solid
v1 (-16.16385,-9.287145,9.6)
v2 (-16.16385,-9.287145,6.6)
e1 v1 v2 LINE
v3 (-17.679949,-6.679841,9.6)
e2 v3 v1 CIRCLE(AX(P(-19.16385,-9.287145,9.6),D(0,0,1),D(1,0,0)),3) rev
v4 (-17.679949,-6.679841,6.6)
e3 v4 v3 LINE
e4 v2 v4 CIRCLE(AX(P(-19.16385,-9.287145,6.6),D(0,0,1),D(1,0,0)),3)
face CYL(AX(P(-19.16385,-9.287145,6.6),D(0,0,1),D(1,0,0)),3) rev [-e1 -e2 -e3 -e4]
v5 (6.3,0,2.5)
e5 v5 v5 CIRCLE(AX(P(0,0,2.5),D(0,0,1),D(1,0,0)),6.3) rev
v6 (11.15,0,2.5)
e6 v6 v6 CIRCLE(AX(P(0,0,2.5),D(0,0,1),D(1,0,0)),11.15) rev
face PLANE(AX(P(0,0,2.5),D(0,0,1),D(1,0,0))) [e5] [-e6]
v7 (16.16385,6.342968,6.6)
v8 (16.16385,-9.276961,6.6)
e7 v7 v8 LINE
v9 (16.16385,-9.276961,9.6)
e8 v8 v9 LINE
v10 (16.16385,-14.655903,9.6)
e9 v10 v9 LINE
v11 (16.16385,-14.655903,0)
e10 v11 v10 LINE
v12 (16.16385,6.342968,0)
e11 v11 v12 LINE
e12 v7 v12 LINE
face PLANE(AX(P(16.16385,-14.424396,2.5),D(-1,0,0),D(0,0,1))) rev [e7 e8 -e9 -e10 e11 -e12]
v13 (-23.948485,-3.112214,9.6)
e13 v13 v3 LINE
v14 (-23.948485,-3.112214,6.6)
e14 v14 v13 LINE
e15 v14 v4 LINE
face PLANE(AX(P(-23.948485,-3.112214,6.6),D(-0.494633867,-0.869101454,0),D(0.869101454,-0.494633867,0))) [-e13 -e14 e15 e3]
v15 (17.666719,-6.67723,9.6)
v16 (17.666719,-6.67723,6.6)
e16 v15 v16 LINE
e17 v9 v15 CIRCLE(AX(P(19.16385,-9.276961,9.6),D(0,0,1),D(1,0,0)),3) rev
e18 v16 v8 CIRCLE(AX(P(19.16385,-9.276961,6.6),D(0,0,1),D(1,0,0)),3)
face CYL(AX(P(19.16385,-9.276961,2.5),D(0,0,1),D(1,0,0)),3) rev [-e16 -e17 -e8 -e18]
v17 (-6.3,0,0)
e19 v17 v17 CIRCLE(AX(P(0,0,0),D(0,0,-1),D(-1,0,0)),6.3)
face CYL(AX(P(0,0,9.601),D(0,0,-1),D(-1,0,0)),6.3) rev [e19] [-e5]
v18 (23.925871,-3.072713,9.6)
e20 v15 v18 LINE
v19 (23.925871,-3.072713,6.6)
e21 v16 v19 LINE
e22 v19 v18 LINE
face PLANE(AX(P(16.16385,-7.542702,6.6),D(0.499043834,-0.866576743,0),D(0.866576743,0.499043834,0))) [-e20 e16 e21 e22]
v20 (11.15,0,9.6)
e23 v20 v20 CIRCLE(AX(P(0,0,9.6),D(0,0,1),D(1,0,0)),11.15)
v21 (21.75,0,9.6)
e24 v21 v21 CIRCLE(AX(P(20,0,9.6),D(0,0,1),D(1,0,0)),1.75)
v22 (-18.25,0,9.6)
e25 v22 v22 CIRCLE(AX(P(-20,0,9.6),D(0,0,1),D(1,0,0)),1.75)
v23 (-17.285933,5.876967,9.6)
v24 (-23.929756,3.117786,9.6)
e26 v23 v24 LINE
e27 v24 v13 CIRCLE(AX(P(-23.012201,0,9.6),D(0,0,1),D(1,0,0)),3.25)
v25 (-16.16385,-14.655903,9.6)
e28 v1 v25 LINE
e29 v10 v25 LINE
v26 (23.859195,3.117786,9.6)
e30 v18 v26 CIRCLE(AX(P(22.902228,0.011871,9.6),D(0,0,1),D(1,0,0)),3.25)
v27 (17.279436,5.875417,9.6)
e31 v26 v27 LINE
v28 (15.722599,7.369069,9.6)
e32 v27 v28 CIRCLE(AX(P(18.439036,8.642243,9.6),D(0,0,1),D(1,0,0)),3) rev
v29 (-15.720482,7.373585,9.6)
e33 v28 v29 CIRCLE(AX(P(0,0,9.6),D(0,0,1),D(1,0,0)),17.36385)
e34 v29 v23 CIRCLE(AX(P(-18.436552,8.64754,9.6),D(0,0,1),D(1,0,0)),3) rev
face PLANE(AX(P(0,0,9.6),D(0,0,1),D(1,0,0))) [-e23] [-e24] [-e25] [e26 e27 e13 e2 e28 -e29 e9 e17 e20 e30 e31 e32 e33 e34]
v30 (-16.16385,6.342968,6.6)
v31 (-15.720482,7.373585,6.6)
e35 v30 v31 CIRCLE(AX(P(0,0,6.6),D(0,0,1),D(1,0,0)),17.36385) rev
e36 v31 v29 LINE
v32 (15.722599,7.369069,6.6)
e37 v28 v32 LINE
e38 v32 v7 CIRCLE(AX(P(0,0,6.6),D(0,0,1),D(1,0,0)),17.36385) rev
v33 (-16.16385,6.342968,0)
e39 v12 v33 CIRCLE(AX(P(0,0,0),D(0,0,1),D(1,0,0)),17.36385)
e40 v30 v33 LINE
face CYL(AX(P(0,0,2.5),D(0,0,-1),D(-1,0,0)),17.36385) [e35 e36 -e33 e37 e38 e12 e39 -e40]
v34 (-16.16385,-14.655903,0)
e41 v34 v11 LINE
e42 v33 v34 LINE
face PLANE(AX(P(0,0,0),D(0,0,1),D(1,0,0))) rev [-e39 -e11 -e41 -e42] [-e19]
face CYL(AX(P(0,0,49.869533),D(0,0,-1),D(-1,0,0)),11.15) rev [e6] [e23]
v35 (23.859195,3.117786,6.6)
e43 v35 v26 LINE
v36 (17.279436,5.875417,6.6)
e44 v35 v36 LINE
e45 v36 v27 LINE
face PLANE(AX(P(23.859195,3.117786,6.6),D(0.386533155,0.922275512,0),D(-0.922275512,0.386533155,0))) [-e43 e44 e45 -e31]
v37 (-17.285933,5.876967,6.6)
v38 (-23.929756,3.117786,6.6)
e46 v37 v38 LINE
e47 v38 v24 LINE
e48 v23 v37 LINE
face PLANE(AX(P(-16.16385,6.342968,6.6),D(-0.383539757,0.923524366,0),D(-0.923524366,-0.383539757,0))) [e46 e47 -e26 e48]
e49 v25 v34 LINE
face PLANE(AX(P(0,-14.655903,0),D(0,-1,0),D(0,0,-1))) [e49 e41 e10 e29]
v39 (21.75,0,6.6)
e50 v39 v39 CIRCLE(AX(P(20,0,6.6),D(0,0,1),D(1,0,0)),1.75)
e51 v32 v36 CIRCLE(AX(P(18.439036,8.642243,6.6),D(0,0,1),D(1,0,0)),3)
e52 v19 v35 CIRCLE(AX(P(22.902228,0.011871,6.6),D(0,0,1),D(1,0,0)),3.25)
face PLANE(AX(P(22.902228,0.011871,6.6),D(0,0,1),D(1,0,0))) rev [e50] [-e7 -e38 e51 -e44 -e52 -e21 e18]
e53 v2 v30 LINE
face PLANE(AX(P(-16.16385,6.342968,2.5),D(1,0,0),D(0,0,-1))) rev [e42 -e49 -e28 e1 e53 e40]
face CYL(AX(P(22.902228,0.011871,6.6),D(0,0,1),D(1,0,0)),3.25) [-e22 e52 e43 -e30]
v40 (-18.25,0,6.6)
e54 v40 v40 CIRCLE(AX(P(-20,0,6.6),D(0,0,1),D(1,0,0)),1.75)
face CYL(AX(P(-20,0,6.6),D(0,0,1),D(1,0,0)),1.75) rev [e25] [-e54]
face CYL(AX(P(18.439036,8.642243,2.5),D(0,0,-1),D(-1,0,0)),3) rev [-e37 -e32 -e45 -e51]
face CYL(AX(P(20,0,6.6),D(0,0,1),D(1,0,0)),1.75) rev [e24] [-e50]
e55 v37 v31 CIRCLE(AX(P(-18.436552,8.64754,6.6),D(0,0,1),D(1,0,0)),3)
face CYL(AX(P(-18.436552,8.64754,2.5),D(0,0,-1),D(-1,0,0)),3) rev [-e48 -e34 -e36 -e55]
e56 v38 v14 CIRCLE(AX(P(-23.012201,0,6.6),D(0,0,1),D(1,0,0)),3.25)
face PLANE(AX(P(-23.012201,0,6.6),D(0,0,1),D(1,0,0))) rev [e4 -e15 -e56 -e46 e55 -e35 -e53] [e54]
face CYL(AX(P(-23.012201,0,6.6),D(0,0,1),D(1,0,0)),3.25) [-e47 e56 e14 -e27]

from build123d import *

# Parameters (mm, degrees)
BOSS_EXTRUDE1_DEPTH = 2.5
BOSS_EXTRUDE2_DEPTH = 7.1
SKETCH6_R           = 1.7500000000000002
BOSS_EXTRUDE3_DEPTH = 3
FILLET1_R           = 3
CUT_EXTRUDE2_REACH  = 36.039
SKETCH7_R           = 6.300000000000017
CUT_EXTRUDE5_DEPTH  = 35.03920514623224
SKETCH9_R           = 11.15
BOSS_EXTRUDE4_DEPTH = 7.1
SKETCH10_W          = 32.327700987119805
SKETCH10_H          = 9.6
BOSS_EXTRUDE5_DEPTH = 2


with BuildPart() as part:
    # Sketch2 → Boss-Extrude1 (new body)
    with BuildSketch(Plane.XY):
        with BuildLine():
            Line((-16.1638504935599, 6.342967853027763), (-16.1638504935599, -14.391495343403756))
            Line((-16.1638504935599, -14.391495343403756), (-14.353897968517204, -14.640433541189916))
            Line((-14.353897968517204, -14.640433541189916), (-10.527602773342224, -17.52375378240297))
            Line((-10.527602773342224, -17.52375378240297), (-10.527602773341918, -19.404011272479938))
            Line((-10.527602773341918, -19.404011272479938), (-5.00712834909531, -19.40401127247995))
            Line((-5.00712834909531, -19.40401127247995), (-5.00712834909531, -17.50759675782326))
            Line((-5.00712834909531, -17.50759675782326), (5.000000000000001, -17.50759675782326))
            Line((5.000000000000001, -17.50759675782326), (5.000000000000002, -19.411447251383162))
            Line((5.000000000000002, -19.411447251383162), (10.46723706743368, -19.411447251383162))
            Line((10.46723706743368, -19.411447251383162), (10.46723706743368, -17.567178369014574))
            Line((10.46723706743368, -17.567178369014574), (14.33922382003656, -14.649427069646295))
            Line((14.33922382003656, -14.649427069646295), (16.163850493559902, -14.424396196711085))
            Line((16.163850493559902, -14.424396196711085), (16.163850493559902, 6.3429678530277736))
            ThreePointArc((16.163850493559902, 6.3429678530277736), (11.492625638566038, 13.016253681243118), (4.292170886786073, 16.82499845590859))
            ThreePointArc((4.292170886786073, 16.82499845590859), (-5.6e-16, 17.363850493559898), (-4.292170886786075, 16.824998455908585))
            ThreePointArc((-4.292170886786075, 16.824998455908585), (-11.492625638566041, 13.016253681243107), (-16.1638504935599, 6.342967853027763))
        make_face()
    extrude(amount=BOSS_EXTRUDE1_DEPTH)

    # Sketch3 → Boss-Extrude2 (add)
    with BuildSketch(Plane.XY.offset(2.5)):
        with BuildLine():
            Line((-16.163850493559902, 6.342967853027761), (-16.1638504935599, -14.391495343403756))
            Line((-16.1638504935599, -14.391495343403756), (-14.353897968517204, -14.640433541189916))
            Line((-14.353897968517204, -14.640433541189916), (-10.527602773342224, -17.52375378240297))
            Line((-10.527602773342224, -17.52375378240297), (-10.527602773341918, -19.404011272479938))
            Line((-10.527602773341918, -19.404011272479938), (-5.00712834909531, -19.40401127247995))
            Line((-5.00712834909531, -19.40401127247995), (-5.00712834909531, -17.50759675782326))
            Line((-5.00712834909531, -17.50759675782326), (5.000000000000001, -17.50759675782326))
            Line((5.000000000000001, -17.50759675782326), (5.000000000000002, -19.411447251383162))
            Line((5.000000000000002, -19.411447251383162), (10.46723706743368, -19.411447251383162))
            Line((10.46723706743368, -19.411447251383162), (10.46723706743368, -17.567178369014574))
            Line((10.46723706743368, -17.567178369014574), (14.33922382003656, -14.649427069646295))
            Line((14.33922382003656, -14.649427069646295), (16.163850493559902, -14.424396196711085))
            Line((16.163850493559902, -14.424396196711085), (16.1638504935599, 6.342967853027773))
            ThreePointArc((16.1638504935599, 6.342967853027773), (-6.65e-15, 17.363850493559898), (-16.163850493559902, 6.342967853027761))
        make_face()
        with BuildLine():
            Line((-14.363850493559898, 5.992765737499147), (-14.363850493559898, -12.822119287624734))
            Line((-14.363850493559898, -12.822119287624734), (-13.644664568054253, -12.921035057895738))
            Line((-13.644664568054253, -12.921035057895738), (-8.72760277334237, -16.626306887906704))
            Line((-8.72760277334237, -16.626306887906704), (-8.72760277334221, -17.60401127247994))
            Line((-8.72760277334221, -17.60401127247994), (-6.80712834909531, -17.604011272479944))
            Line((-6.80712834909531, -17.604011272479944), (-6.80712834909531, -15.707596757823262))
            Line((-6.80712834909531, -15.707596757823262), (6.800000000000001, -15.707596757823262))
            Line((6.800000000000001, -15.707596757823262), (6.800000000000002, -17.611447251383158))
            Line((6.800000000000002, -17.611447251383158), (8.667237067433682, -17.611447251383158))
            Line((8.667237067433682, -17.611447251383158), (8.667237067433682, -16.6697314745184))
            Line((8.667237067433682, -16.6697314745184), (13.640731753403138, -12.921934410741372))
            Line((13.640731753403138, -12.921934410741372), (14.3638504935599, -12.832752309167102))
            Line((14.3638504935599, -12.832752309167102), (14.3638504935599, 5.99276573749915))
            ThreePointArc((14.3638504935599, 5.99276573749915), (10.460467666070398, 11.524411411997598), (4.577751284666915, 14.875403704155904))
            ThreePointArc((4.577751284666915, 14.875403704155904), (-2.56e-15, 15.563850493559903), (-4.577751284666914, 14.8754037041559))
            ThreePointArc((-4.577751284666914, 14.8754037041559), (-10.460467666070397, 11.524411411997596), (-14.363850493559898, 5.992765737499147))
        make_face(mode=Mode.SUBTRACT)
    extrude(amount=BOSS_EXTRUDE2_DEPTH)

    # Sketch6 → Boss-Extrude3 (add)
    # profile 1 of 2: a face of its own
    with BuildSketch(Plane.XY.offset(9.6)):
        with BuildLine():
            Line((-16.163850493559902, -7.542701658313458), (-16.163850493559902, 6.342967853027761))
            Line((-16.163850493559902, 6.342967853027761), (-23.929756214170595, 3.117786469903069))
            ThreePointArc((-23.929756214170595, 3.117786469903069), (-26.262186338368657, 0.00976998259598626), (-23.948484603893608, -3.1122135300969274))
            Line((-23.948484603893608, -3.1122135300969274), (-16.163850493559902, -7.542701658313458))
        make_face()
        with Locations((-20, 0)):
            Circle(SKETCH6_R, mode=Mode.SUBTRACT)
    # profile 2 of 2: a face of its own
    with BuildSketch(Plane.XY.offset(9.6)):
        with BuildLine():
            Line((16.163850493559902, -7.542701658313497), (16.163850493559902, 6.3429678530277736))
            Line((16.163850493559902, 6.3429678530277736), (23.859195056542305, 3.1177864699030087))
            ThreePointArc((23.859195056542305, 3.1177864699030087), (26.152039317100943, 0.04687299892404297), (23.92587050194897, -3.072712992175038))
            Line((23.92587050194897, -3.072712992175038), (16.163850493559902, -7.542701658313497))
        make_face()
        with Locations((20, 0)):
            Circle(SKETCH6_R, mode=Mode.SUBTRACT)
    extrude(amount=-BOSS_EXTRUDE3_DEPTH)

    # Fillet1
    fillet1_edges = [part.edges().sort_by_distance(p)[0] for p in [
        (16.163850493559902, -7.542701658313497, 8.1),
        (-16.163850493559902, -7.542701658313458, 8.1),
        (16.1638504935599, 6.342967853027773, 8.1),
        (-16.163850493559902, 6.342967853027762, 8.1),
    ]]
    fillet(fillet1_edges, radius=FILLET1_R)

    # Sketch7 → Cut-Extrude2 (cut, up to next)
    with BuildSketch(Plane(origin=(0, 0, 0), x_dir=(-1, 0, 0), z_dir=(0, 0, -1)), mode=Mode.PRIVATE) as cut_extrude2_sk1:
        Circle(SKETCH7_R)
    cut_extrude2_tool1 = extrude(cut_extrude2_sk1.sketch, amount=-CUT_EXTRUDE2_REACH, mode=Mode.PRIVATE) & part.part
    add(cut_extrude2_tool1.solids().sort_by_distance((0, 0, 0))[0], mode=Mode.SUBTRACT)

    # Sketch4 → Cut-Extrude5 (cut, through all)
    with BuildSketch(Plane(origin=(0, 0, 9.6), x_dir=(-1, 0, 0), z_dir=(0, 0, -1))):
        Polygon((-16.163850493559902, -12.655902988328881), (17.617388614013404, -12.655902988328881), (17.617388614013407, -23.466434072446418), (-16.163850493559902, -23.466434072446418), align=None)
    extrude(amount=CUT_EXTRUDE5_DEPTH, mode=Mode.SUBTRACT)

    # Sketch9 → Boss-Extrude4 (add)
    with BuildSketch(Plane.XY.offset(2.5)):
        with BuildLine():
            Line((-14.363850493559875, 5.992765737499137), (-14.363850493559898, -12.655902988328881))
            Line((-14.363850493559898, -12.655902988328881), (14.3638504935599, -12.655902988328881))
            Line((14.3638504935599, -12.655902988328881), (14.363850493559902, 5.992765737499152))
            ThreePointArc((14.363850493559902, 5.992765737499152), (9e-16, 15.563850493559924), (-14.363850493559875, 5.992765737499137))
        make_face()
        Circle(SKETCH9_R, mode=Mode.SUBTRACT)
    extrude(amount=BOSS_EXTRUDE4_DEPTH)

    # Sketch10 → Boss-Extrude5 (add)
    with BuildSketch(Plane.XZ.offset(12.655902988328881)):
        with Locations((0, 4.8)):
            Rectangle(SKETCH10_W, SKETCH10_H)
    extrude(amount=BOSS_EXTRUDE5_DEPTH)


solid = part.part
